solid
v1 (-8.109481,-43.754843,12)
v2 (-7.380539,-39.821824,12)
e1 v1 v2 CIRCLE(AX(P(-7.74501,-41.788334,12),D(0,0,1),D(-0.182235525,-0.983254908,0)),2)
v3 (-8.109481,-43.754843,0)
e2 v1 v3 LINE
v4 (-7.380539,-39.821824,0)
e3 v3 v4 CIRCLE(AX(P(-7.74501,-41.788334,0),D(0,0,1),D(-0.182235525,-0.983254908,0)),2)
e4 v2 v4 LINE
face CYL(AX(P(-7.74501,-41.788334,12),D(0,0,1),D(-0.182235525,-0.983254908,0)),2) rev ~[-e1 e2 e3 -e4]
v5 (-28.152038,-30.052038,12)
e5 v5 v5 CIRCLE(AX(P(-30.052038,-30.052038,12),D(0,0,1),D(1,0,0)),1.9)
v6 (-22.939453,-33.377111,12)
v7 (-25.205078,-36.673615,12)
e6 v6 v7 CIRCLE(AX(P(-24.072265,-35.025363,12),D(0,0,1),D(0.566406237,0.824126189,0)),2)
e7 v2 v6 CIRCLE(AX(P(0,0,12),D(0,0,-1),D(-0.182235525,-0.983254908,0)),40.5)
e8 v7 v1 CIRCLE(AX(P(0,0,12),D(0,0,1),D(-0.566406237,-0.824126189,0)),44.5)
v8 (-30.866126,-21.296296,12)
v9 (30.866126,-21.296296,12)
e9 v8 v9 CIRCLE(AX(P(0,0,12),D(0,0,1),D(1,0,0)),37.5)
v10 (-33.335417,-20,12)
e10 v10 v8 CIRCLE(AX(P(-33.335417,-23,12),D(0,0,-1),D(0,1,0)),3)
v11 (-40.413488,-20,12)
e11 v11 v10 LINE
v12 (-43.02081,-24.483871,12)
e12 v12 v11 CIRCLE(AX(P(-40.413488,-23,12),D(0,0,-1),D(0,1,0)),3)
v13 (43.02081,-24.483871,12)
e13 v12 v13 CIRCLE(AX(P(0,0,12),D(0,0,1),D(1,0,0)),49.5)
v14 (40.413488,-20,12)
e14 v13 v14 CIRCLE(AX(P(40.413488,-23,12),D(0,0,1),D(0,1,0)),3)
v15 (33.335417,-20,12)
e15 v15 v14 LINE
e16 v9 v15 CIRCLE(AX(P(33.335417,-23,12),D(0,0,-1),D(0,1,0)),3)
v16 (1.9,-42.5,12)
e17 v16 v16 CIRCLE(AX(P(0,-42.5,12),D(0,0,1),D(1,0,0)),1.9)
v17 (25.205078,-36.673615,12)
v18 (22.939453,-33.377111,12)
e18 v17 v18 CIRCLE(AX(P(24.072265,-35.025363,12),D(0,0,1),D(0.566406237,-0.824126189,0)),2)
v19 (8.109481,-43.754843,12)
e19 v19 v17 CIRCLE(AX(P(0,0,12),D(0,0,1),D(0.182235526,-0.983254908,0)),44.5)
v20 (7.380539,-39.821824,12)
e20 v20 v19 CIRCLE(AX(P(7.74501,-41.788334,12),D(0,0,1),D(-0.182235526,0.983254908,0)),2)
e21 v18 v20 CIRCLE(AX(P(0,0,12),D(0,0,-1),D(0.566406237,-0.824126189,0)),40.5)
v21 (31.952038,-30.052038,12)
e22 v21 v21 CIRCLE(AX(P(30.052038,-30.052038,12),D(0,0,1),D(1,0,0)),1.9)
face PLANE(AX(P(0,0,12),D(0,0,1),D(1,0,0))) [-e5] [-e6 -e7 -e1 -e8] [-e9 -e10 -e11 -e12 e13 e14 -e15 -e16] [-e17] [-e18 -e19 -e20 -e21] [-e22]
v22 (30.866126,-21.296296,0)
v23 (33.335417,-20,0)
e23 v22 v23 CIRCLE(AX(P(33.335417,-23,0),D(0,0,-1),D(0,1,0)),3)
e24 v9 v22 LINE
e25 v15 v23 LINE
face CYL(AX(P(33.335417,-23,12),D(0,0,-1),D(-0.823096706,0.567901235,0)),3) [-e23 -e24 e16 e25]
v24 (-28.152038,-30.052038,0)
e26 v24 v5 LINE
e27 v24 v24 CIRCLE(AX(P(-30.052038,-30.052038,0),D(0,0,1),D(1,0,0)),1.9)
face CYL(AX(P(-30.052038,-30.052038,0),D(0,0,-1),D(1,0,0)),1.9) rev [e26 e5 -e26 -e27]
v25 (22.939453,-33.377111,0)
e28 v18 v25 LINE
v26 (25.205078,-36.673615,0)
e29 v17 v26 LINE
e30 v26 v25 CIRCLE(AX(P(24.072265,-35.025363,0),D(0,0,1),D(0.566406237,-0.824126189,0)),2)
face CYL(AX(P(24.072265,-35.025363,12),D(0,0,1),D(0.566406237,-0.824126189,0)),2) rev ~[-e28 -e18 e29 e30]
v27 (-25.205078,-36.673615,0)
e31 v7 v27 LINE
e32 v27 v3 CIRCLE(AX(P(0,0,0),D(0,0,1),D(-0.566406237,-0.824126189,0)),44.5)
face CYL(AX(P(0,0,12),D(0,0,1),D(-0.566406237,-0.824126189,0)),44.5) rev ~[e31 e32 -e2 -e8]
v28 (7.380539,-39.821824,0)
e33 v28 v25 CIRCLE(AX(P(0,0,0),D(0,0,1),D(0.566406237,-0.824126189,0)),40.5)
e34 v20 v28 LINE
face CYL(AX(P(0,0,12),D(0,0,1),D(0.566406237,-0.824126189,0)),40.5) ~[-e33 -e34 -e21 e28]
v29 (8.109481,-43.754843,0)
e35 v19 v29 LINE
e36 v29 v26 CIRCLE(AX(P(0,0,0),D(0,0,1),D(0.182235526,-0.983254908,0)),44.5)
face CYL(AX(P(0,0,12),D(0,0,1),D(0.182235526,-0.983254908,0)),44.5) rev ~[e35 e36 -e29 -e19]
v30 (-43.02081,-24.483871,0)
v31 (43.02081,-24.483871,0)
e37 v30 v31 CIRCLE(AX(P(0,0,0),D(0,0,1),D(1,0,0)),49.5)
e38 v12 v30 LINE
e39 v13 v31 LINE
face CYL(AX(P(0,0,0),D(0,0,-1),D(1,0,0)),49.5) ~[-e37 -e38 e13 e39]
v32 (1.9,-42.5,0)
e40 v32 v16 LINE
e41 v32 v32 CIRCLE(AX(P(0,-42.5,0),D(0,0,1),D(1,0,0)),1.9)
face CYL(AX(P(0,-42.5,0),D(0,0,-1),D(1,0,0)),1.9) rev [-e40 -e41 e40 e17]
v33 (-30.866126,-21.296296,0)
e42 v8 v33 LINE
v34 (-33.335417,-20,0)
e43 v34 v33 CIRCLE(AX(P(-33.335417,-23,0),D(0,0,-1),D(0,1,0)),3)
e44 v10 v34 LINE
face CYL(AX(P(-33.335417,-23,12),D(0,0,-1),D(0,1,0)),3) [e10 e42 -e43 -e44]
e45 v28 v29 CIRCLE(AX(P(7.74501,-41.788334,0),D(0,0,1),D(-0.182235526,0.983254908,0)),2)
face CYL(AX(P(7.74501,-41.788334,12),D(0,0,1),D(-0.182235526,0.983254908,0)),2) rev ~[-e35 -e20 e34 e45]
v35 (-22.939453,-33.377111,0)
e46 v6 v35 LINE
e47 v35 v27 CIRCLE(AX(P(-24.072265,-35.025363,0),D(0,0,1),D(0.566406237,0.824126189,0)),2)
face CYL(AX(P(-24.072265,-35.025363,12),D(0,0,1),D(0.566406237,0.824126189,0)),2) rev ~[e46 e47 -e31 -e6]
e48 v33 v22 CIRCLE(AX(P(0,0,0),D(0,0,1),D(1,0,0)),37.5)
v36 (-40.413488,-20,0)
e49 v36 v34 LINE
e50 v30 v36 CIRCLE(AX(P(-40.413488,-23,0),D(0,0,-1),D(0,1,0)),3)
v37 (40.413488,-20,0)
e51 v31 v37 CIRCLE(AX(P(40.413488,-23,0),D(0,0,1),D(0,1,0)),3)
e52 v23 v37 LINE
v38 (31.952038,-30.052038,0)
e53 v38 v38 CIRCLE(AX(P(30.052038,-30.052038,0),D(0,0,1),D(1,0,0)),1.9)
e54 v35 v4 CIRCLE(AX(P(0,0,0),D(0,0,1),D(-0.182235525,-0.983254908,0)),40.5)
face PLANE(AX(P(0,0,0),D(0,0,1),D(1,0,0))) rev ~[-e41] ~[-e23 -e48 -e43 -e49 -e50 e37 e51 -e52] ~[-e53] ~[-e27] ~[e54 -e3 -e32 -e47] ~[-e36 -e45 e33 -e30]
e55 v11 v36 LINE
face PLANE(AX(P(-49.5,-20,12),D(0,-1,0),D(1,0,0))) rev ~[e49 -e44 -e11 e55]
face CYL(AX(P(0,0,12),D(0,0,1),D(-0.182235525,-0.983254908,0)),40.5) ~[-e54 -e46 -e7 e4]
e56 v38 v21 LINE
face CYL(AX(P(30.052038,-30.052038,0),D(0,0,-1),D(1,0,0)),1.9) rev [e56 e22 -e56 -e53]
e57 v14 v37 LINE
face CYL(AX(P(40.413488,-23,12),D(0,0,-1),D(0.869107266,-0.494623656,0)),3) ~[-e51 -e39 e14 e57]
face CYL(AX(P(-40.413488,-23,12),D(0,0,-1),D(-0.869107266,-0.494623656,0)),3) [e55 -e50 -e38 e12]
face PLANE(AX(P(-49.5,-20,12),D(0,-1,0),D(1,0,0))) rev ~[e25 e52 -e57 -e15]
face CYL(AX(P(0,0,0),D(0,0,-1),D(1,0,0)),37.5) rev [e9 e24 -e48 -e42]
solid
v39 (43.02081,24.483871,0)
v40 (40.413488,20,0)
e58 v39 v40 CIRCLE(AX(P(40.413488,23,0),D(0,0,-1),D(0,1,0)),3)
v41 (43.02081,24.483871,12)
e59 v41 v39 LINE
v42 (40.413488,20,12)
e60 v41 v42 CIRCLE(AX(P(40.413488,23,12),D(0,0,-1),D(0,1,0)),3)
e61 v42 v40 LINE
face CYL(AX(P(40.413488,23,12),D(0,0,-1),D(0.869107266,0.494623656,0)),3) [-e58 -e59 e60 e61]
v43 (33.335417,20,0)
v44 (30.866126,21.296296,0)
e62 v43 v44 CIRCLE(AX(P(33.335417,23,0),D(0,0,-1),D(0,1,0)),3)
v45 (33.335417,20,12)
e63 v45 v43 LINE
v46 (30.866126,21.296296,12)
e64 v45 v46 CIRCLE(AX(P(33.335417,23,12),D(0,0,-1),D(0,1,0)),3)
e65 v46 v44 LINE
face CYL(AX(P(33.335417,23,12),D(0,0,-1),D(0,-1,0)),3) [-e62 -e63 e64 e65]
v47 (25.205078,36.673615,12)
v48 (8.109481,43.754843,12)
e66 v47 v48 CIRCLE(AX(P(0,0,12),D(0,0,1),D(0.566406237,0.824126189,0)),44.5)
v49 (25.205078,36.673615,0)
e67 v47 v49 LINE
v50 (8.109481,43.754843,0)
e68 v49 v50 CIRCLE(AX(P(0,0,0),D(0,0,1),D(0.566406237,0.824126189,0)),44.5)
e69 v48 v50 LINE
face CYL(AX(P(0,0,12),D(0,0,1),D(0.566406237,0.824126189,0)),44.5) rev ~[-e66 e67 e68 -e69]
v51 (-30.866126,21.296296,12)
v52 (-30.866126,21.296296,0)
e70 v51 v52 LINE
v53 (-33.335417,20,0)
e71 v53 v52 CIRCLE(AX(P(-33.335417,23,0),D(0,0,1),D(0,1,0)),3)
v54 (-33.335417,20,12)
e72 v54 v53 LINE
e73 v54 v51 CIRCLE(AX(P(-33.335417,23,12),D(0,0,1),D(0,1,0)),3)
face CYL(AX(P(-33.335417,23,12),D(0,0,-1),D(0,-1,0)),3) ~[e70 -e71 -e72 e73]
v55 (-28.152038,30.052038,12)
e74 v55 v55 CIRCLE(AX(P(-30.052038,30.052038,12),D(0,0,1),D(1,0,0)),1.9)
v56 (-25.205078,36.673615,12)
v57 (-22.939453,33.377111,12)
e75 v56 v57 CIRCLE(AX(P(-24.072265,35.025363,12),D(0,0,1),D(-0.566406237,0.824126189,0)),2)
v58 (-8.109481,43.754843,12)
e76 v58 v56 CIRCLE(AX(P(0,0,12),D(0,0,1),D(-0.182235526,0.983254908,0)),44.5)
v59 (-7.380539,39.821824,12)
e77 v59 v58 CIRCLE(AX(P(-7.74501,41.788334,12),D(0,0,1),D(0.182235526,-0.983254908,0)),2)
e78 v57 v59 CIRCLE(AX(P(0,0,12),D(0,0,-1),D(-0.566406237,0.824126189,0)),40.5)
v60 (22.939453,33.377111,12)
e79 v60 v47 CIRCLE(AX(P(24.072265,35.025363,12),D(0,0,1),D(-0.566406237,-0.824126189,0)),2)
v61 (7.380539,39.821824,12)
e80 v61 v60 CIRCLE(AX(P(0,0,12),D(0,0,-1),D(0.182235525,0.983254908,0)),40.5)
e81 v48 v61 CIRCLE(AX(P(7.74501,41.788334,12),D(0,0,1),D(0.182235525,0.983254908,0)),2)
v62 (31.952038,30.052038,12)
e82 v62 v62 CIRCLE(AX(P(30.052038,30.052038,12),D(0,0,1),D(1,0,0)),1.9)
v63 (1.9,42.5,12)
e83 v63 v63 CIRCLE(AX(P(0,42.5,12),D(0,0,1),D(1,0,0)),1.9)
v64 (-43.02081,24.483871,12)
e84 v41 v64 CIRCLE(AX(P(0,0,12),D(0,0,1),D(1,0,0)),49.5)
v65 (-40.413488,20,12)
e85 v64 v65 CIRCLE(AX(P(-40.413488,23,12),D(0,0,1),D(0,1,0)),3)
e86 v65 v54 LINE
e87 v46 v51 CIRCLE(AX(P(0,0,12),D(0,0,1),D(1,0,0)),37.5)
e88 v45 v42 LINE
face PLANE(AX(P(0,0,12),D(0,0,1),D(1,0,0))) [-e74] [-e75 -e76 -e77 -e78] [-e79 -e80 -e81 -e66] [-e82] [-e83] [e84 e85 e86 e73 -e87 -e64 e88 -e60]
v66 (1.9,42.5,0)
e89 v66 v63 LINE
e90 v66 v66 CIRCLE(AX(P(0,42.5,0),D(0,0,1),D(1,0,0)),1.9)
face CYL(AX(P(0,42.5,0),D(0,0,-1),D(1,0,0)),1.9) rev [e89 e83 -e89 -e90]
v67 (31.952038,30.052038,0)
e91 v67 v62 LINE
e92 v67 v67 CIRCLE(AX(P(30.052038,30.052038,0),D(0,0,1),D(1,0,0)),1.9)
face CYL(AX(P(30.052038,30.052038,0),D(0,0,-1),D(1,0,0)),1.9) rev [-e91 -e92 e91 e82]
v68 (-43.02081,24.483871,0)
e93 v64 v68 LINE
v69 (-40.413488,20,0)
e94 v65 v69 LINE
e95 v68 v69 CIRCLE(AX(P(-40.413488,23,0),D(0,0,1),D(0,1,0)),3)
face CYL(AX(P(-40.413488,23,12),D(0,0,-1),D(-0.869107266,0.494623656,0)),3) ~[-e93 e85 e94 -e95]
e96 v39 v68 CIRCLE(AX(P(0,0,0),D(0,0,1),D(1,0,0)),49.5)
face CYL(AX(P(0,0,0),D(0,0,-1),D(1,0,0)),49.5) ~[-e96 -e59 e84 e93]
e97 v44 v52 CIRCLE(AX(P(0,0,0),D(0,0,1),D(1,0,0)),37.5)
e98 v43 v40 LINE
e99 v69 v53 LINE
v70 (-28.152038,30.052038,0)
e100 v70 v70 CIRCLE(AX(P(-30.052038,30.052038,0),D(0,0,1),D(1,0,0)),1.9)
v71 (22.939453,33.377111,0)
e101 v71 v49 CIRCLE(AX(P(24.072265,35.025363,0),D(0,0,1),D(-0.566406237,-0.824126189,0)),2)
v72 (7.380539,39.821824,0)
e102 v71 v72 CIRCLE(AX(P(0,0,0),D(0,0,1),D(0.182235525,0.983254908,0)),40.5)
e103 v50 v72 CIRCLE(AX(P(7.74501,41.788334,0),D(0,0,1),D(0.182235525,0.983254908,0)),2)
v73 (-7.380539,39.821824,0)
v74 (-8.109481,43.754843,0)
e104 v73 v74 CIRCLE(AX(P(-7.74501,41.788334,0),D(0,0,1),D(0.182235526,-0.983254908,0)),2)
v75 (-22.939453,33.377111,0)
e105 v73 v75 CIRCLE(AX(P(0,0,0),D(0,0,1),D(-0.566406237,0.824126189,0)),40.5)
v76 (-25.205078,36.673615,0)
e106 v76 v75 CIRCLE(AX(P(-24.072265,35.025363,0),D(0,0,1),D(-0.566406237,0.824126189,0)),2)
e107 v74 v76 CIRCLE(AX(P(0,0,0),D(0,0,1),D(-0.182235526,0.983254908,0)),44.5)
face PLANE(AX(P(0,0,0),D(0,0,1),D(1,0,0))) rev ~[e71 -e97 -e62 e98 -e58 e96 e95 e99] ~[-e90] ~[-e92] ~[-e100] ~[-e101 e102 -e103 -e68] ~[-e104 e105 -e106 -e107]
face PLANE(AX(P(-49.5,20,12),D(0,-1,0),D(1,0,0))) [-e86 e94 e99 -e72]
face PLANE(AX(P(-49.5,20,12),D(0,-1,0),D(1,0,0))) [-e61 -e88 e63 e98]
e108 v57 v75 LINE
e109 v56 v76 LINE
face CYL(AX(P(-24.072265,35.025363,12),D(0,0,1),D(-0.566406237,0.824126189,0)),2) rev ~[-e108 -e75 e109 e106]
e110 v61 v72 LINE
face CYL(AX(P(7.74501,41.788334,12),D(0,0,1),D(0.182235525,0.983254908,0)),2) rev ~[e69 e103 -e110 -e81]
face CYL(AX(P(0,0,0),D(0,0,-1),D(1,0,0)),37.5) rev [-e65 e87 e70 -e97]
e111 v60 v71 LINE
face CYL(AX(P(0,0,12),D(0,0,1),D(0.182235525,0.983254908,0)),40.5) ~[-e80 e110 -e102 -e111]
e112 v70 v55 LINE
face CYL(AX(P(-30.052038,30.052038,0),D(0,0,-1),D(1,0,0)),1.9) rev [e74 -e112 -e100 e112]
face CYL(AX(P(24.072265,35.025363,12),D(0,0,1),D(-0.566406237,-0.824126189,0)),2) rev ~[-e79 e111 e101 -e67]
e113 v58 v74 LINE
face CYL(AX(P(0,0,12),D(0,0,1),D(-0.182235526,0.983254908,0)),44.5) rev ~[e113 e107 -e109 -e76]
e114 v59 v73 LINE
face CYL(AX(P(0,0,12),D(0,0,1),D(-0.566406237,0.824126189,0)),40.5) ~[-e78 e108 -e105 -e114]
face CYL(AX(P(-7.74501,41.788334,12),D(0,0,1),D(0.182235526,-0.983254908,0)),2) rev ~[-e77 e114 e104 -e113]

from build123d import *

# Parameters (mm, degrees)
SKETCH_1_R          = 49.5
SKETCH_1_R_2        = 37.5
SKETCH_1_R_3        = 1.9
EXTRUDE_1_DEPTH     = 12
CUT_EXTRUDE_1_DEPTH = 16
SKETCH_4_W          = 99
SKETCH_4_H          = 40
CUT_EXTRUDE_2_DEPTH = 20
FILLET_1_R          = 3
FILLET_2_R          = 3


with BuildPart() as part:
    # 草图1 → 凸台-拉伸1 (new body)
    with BuildSketch(Plane.XY):
        Circle(SKETCH_1_R)
        Circle(SKETCH_1_R_2, mode=Mode.SUBTRACT)
        with Locations((0, 42.5)):
            Circle(SKETCH_1_R_3, mode=Mode.SUBTRACT)
        with Locations((30.0520382, 30.0520382)):
            Circle(SKETCH_1_R_3, mode=Mode.SUBTRACT)
        with Locations((30.0520382, -30.0520382)):
            Circle(SKETCH_1_R_3, mode=Mode.SUBTRACT)
        with Locations((0, -42.5)):
            Circle(SKETCH_1_R_3, mode=Mode.SUBTRACT)
        with Locations((-30.0520382, -30.0520382)):
            Circle(SKETCH_1_R_3, mode=Mode.SUBTRACT)
        with Locations((-30.0520382, 30.0520382)):
            Circle(SKETCH_1_R_3, mode=Mode.SUBTRACT)
        with Locations((-42.5, 0)):
            Circle(SKETCH_1_R_3, mode=Mode.SUBTRACT)
        with Locations((42.5, 0)):
            Circle(SKETCH_1_R_3, mode=Mode.SUBTRACT)
    extrude(amount=EXTRUDE_1_DEPTH)

    # 草图2 → 切除-拉伸1 (cut)
    with BuildSketch(Plane.XY.offset(12)):
        with BuildLine():
            ThreePointArc((-8.109480884, 43.754843387), (-17.02941274, 41.112639197), (-25.205077543, 36.673615394))
            ThreePointArc((-25.205077543, 36.673615394), (-25.720517447, 33.892550543), (-22.939452595, 33.377110639))
            ThreePointArc((-22.939452595, 33.377110639), (-15.498679011, 37.417121067), (-7.380538782, 39.821823756))
            ThreePointArc((-7.380538782, 39.821823756), (-5.778500018, 42.152804622), (-8.109480884, 43.754843387))
        make_face()
        with BuildLine():
            ThreePointArc((25.205077543, 36.673615394), (17.02941274, 41.112639197), (8.109480884, 43.754843387))
            ThreePointArc((8.109480884, 43.754843387), (5.778500018, 42.152804622), (7.380538782, 39.821823756))
            ThreePointArc((7.380538782, 39.821823756), (15.498679011, 37.417121067), (22.939452595, 33.377110639))
            ThreePointArc((22.939452595, 33.377110639), (25.720517447, 33.892550543), (25.205077543, 36.673615394))
        make_face()
        with BuildLine():
            ThreePointArc((8.109480884, -43.754843387), (17.02941274, -41.112639197), (25.205077543, -36.673615394))
            ThreePointArc((25.205077543, -36.673615394), (25.720517447, -33.892550543), (22.939452595, -33.377110639))
            ThreePointArc((22.939452595, -33.377110639), (15.498679011, -37.417121067), (7.380538782, -39.821823756))
            ThreePointArc((7.380538782, -39.821823756), (5.778500018, -42.152804622), (8.109480884, -43.754843387))
        make_face()
        with BuildLine():
            ThreePointArc((-25.205077543, -36.673615394), (-17.02941274, -41.112639197), (-8.109480884, -43.754843387))
            ThreePointArc((-8.109480884, -43.754843387), (-5.778500018, -42.152804622), (-7.380538782, -39.821823756))
            ThreePointArc((-7.380538782, -39.821823756), (-15.498679011, -37.417121067), (-22.939452595, -33.377110639))
            ThreePointArc((-22.939452595, -33.377110639), (-25.720517447, -33.892550543), (-25.205077543, -36.673615394))
        make_face()
    extrude(amount=-CUT_EXTRUDE_1_DEPTH, mode=Mode.SUBTRACT)

    # 草图4 → 切除-拉伸2 (cut)
    with BuildSketch(Plane.XY.offset(12)):
        Rectangle(SKETCH_4_W, SKETCH_4_H)
    extrude(amount=-CUT_EXTRUDE_2_DEPTH, mode=Mode.SUBTRACT)


with BuildPart() as cut_extrude_2_piece_1:
    # of the separate pieces the step leaves, piece 1, a body of its own (cut_extrude_2_pieces)
    add(part.part.solids().sort_by_distance((45.279686395, 20, 0))[0])

    # 圆角1
    fillet_1_edges = [cut_extrude_2_piece_1.edges().sort_by_distance(p)[0] for p in [
        (-31.721443851, 20, 6),
        (31.721443851, 20, 6),
        (45.279686395, 20, 6),
        (-45.279686395, 20, 6),
    ]]
    fillet(fillet_1_edges, radius=FILLET_1_R)


with BuildPart() as cut_extrude_2_piece_2:
    # of the separate pieces the step leaves, piece 2, a body of its own (cut_extrude_2_pieces)
    add(part.part.solids().sort_by_distance((-45.279686395, -20, 0))[0])

    # 圆角2
    fillet_2_edges = [cut_extrude_2_piece_2.edges().sort_by_distance(p)[0] for p in [
        (-45.279686395, -20, 6),
        (45.279686395, -20, 6),
        (31.721443851, -20, 6),
        (-31.721443851, -20, 6),
    ]]
    fillet(fillet_2_edges, radius=FILLET_2_R)


solid = Compound([cut_extrude_2_piece_1.part, cut_extrude_2_piece_2.part])
